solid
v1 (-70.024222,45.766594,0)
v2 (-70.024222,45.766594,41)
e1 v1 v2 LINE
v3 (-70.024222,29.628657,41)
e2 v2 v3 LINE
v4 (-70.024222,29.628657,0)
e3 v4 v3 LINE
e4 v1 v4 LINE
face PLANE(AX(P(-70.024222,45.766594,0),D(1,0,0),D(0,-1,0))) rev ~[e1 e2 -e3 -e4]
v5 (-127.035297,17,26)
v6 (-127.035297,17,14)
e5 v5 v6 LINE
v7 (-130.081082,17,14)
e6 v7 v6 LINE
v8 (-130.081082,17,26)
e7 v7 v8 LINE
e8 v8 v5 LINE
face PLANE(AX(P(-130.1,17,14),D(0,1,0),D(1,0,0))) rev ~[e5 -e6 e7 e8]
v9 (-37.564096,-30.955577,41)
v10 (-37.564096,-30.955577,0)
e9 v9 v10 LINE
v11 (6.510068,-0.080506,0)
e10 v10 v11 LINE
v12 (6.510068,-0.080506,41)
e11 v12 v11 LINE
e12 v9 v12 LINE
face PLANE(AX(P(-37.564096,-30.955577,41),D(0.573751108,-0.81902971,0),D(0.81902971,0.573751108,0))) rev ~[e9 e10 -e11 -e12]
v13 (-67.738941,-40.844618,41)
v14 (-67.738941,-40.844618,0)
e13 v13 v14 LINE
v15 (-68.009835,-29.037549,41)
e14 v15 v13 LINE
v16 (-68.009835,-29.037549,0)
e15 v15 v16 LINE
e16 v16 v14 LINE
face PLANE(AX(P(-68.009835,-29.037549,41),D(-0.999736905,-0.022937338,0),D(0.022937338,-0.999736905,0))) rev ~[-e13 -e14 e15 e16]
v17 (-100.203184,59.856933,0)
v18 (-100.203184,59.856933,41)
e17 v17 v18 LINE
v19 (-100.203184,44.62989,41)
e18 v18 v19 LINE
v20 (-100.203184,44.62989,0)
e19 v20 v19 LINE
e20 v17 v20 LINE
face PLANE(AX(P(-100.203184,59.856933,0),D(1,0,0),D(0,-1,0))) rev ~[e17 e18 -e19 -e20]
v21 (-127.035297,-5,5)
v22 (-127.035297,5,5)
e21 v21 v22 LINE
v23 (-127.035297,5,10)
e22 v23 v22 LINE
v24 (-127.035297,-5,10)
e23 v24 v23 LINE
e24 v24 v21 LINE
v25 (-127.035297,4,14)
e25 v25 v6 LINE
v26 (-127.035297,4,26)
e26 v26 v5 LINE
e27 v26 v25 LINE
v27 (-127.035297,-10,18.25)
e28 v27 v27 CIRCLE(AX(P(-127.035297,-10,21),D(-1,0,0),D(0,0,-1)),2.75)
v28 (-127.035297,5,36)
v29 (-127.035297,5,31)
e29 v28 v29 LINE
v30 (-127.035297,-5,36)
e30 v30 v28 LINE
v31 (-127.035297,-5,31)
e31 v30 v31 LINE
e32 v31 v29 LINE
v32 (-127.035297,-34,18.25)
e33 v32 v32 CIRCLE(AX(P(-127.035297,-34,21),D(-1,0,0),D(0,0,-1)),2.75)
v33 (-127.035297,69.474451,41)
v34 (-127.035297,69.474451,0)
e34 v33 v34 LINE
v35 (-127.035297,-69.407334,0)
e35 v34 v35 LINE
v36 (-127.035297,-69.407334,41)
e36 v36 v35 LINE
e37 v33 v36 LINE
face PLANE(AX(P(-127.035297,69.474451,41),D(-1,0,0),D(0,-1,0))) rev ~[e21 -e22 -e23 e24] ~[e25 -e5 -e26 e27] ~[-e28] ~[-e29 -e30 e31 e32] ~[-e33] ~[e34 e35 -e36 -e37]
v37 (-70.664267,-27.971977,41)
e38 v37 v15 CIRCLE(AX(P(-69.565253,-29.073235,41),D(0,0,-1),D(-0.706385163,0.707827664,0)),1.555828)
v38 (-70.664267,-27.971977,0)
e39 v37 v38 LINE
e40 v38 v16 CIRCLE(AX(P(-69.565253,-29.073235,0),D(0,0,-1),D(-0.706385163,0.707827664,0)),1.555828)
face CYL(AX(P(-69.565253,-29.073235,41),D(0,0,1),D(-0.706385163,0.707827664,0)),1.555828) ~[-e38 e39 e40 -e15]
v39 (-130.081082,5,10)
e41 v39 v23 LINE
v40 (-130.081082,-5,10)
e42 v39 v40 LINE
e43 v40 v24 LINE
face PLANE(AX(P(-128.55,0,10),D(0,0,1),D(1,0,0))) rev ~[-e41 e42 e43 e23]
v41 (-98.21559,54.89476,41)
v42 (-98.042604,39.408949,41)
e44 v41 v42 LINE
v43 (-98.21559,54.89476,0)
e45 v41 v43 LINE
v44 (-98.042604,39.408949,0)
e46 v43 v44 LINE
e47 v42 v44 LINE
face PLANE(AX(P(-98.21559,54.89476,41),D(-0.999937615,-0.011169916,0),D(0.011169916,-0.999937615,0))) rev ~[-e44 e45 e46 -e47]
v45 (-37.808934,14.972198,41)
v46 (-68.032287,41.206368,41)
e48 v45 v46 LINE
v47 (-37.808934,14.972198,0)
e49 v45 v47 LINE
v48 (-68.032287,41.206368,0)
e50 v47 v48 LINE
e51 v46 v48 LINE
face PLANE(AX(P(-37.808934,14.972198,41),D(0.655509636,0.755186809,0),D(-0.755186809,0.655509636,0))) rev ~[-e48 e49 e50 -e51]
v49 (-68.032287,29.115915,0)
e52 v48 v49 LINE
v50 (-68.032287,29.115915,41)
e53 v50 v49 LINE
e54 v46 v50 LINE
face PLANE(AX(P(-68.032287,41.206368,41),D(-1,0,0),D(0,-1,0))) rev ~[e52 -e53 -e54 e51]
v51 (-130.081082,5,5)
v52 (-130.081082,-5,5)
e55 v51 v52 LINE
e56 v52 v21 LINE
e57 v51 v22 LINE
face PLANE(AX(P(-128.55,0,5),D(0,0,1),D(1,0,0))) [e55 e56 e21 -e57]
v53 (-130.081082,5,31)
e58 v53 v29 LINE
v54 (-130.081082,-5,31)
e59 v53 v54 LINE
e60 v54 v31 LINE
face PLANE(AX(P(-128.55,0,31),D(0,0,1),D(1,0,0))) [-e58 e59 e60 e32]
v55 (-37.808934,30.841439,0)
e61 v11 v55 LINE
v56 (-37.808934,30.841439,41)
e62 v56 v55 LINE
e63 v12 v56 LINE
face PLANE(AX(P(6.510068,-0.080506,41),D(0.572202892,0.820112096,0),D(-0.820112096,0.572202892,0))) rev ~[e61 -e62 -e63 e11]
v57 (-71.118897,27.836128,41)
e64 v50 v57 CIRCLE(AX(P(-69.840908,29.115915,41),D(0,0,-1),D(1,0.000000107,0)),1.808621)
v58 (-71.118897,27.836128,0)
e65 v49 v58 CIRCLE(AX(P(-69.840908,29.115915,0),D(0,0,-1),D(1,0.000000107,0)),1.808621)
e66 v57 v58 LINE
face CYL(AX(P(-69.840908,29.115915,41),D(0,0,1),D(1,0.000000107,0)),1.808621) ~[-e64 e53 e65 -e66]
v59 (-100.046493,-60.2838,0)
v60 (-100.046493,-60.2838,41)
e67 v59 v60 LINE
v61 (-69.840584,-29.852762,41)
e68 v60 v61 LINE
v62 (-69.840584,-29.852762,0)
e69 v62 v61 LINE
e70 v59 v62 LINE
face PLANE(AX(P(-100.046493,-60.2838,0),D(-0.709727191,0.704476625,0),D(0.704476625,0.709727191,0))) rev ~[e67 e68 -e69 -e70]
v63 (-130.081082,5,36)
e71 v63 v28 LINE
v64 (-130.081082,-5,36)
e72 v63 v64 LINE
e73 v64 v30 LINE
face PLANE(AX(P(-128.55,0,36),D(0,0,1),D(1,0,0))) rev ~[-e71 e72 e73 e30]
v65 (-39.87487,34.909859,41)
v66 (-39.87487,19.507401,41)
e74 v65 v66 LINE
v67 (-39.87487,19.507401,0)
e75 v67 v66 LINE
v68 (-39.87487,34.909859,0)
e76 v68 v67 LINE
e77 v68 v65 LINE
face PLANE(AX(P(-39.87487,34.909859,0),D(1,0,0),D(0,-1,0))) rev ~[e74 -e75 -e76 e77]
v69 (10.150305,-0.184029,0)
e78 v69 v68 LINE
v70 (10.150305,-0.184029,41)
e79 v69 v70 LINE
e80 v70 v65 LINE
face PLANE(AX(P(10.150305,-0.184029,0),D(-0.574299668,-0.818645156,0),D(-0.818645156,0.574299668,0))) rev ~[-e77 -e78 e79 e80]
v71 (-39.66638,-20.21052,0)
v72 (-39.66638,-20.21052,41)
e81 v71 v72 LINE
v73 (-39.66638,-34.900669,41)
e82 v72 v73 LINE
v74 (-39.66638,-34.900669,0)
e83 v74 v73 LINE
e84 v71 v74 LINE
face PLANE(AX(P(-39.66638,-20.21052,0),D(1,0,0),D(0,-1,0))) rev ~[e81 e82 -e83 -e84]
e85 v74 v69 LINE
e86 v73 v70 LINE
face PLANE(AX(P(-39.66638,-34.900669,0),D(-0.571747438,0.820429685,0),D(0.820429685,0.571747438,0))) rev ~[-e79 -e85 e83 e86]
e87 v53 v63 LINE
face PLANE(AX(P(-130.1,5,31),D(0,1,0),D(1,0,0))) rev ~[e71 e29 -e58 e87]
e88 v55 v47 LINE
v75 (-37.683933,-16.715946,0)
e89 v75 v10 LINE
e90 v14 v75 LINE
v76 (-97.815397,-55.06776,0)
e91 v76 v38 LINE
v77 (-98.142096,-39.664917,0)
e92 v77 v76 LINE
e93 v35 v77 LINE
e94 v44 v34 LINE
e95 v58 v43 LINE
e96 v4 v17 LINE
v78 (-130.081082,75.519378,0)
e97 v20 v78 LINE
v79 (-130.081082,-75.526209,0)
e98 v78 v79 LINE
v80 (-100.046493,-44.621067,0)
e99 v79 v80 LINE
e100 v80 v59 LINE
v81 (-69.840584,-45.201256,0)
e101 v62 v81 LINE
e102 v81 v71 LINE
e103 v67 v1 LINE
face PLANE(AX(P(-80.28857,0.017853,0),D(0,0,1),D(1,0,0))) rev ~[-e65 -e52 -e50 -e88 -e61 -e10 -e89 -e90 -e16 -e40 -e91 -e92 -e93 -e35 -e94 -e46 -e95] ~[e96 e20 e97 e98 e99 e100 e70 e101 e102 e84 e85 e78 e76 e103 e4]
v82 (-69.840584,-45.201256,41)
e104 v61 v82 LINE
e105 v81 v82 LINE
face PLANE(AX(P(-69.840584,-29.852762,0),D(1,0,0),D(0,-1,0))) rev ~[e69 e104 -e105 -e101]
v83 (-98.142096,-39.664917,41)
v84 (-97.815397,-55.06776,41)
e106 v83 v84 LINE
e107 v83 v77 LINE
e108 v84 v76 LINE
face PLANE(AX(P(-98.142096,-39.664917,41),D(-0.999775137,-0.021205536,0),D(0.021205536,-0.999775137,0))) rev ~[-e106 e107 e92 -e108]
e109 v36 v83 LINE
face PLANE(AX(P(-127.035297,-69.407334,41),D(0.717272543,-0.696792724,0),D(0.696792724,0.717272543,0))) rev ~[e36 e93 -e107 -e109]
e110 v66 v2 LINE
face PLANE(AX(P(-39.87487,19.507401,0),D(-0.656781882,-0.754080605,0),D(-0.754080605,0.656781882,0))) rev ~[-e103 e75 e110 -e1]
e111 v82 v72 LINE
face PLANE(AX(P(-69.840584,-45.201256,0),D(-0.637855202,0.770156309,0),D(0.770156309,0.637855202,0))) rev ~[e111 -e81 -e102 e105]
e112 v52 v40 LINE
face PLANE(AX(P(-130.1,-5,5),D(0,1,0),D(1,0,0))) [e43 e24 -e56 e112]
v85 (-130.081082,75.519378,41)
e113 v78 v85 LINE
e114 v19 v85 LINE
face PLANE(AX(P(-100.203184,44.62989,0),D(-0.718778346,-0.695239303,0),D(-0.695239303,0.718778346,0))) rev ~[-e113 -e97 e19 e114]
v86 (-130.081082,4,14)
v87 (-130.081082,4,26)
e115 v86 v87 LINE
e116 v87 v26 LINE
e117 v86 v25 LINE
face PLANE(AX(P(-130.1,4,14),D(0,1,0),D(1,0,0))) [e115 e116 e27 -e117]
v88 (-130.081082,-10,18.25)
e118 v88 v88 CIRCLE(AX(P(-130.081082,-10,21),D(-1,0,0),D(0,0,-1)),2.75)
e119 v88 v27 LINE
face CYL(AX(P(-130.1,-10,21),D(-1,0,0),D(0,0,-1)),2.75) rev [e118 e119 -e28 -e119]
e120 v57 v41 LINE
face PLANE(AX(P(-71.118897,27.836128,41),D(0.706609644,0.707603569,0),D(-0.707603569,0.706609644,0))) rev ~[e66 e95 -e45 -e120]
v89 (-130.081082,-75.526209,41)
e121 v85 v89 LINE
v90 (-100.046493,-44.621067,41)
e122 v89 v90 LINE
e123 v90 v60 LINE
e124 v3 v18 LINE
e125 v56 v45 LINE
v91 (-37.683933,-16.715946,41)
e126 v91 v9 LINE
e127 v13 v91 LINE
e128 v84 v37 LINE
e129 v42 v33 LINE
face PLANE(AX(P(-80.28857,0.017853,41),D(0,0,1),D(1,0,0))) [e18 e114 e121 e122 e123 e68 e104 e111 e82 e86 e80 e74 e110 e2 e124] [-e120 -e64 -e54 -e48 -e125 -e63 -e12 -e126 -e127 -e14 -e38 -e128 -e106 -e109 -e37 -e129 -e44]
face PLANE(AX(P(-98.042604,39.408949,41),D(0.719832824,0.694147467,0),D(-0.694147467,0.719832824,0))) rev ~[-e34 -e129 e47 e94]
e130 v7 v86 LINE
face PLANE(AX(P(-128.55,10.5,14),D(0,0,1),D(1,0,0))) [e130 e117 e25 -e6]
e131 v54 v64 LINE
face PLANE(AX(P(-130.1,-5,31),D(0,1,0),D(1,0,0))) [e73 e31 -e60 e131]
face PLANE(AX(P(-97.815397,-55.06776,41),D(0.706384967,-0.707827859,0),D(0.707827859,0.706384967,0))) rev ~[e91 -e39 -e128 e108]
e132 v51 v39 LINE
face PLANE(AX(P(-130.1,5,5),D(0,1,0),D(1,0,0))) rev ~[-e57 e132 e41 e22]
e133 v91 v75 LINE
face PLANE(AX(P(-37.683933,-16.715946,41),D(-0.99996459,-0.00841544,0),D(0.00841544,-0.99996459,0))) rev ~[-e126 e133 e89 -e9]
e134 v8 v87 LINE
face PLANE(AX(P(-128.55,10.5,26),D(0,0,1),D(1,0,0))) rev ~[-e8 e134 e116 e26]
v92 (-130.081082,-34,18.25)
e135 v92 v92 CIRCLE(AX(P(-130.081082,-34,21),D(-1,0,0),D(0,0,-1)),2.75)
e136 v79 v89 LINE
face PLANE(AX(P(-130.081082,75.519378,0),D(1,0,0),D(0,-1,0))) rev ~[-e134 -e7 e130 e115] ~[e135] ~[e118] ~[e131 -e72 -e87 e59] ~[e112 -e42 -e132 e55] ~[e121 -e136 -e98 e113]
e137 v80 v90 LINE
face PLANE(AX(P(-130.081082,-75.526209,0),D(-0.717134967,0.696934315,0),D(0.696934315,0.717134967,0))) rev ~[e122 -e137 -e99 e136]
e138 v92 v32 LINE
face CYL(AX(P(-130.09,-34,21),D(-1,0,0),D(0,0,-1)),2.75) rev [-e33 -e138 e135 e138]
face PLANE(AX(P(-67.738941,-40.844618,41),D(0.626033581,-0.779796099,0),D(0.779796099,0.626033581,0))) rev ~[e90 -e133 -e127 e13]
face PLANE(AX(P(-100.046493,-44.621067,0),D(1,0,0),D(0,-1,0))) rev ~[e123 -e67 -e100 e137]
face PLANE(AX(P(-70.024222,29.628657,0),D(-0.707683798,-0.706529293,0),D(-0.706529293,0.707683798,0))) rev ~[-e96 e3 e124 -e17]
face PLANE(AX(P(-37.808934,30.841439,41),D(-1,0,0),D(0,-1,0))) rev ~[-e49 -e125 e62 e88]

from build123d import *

# Parameters (mm, degrees)
BOX_W                   = 3.1
BOX_H                   = 13
BOX_DEPTH               = 12
BOX001_W                = 3.1
BOX001_H                = 10
BOX001_DEPTH            = 5
BOX002_W                = 3.1
BOX002_H                = 10
BOX002_DEPTH            = 5
CYLINDER_R              = 2.75
CYLINDER_DEPTH          = 3.1
CYLINDER_PITCH_ANGLE    = 90
CYLINDER001_R           = 2.75
CYLINDER001_DEPTH       = 3.06
CYLINDER001_PITCH_ANGLE = 90
PAD001_DEPTH            = 41
POCKET_DEPTH            = 41


with BuildPart() as usb:
    # Box → Box (new body)
    with BuildSketch(Plane(origin=(-130.1, 4, 14), x_dir=(1, 0, 0), z_dir=(0, 0, 1))):
        with Locations((1.55, 6.5)):
            Rectangle(BOX_W, BOX_H)
    extrude(amount=BOX_DEPTH)


with BuildPart() as fixav:
    # Box001 → Box001 (new body)
    with BuildSketch(Plane(origin=(-130.1, -5, 5), x_dir=(1, 0, 0), z_dir=(0, 0, 1))):
        with Locations((1.55, 5)):
            Rectangle(BOX001_W, BOX001_H)
    extrude(amount=BOX001_DEPTH)


with BuildPart() as fixar:
    # Box002 → Box002 (new body)
    with BuildSketch(Plane(origin=(-130.1, -5, 31), x_dir=(1, 0, 0), z_dir=(0, 0, 1))):
        with Locations((1.55, 5)):
            Rectangle(BOX002_W, BOX002_H)
    extrude(amount=BOX002_DEPTH)


with BuildPart() as passage:
    # Cylinder → Cylinder (new body)
    with BuildSketch(Plane.XY):
        Circle(CYLINDER_R)
    extrude(amount=CYLINDER_DEPTH)


with BuildPart() as passage_1:
    # Cylinder pitch: moved
    add(passage.part.rotate(Axis((0, 0, 0), (0, 1, 0)), CYLINDER_PITCH_ANGLE))


with BuildPart() as passage_2:
    # Cylinder placement: moved
    add(passage_1.part.moved(Location((-130.1, -10, 21))))


with BuildPart() as inter:
    # Cylinder001 → Cylinder001 (new body)
    with BuildSketch(Plane.XY):
        Circle(CYLINDER001_R)
    extrude(amount=CYLINDER001_DEPTH)


with BuildPart() as inter_1:
    # Cylinder001 pitch: moved
    add(inter.part.rotate(Axis((0, 0, 0), (0, 1, 0)), CYLINDER001_PITCH_ANGLE))


with BuildPart() as inter_2:
    # Cylinder001 placement: moved
    add(inter_1.part.moved(Location((-130.09, -34, 21))))


with BuildPart() as cut004:
    # Sketch → Pad001 (new body)
    with BuildSketch(Plane.XY):
        Polygon((-130.081082, 75.519378), (-130.081082, -75.526209), (-100.046493, -44.621067), (-100.046493, -60.2838), (-69.840584, -29.852762), (-69.840584, -45.201256), (-39.66638, -20.21052), (-39.66638, -34.900669), (10.150305, -0.184029), (-39.87487, 34.909859), (-39.87487, 19.507401), (-70.024222, 45.766594), (-70.024222, 29.628657), (-100.203184, 59.856933), (-100.203184, 44.62989), align=None)
    extrude(amount=PAD001_DEPTH)

    # Sketch001 → Pocket (cut)
    with BuildSketch(Plane.XY.offset(41)):
        with BuildLine():
            Line((-71.118897, 27.836128), (-98.21559, 54.89476))
            Line((-98.21559, 54.89476), (-98.042604, 39.408949))
            Line((-98.042604, 39.408949), (-127.035297, 69.474451))
            Line((-127.035297, 69.474451), (-127.035297, -69.407334))
            Line((-127.035297, -69.407334), (-98.142096, -39.664917))
            Line((-98.142096, -39.664917), (-97.815397, -55.06776))
            Line((-97.815397, -55.06776), (-70.664267, -27.971977))
            ThreePointArc((-70.664267, -27.971977), (-68.985652, -27.629399), (-68.009835, -29.037549))
            Line((-68.009835, -29.037549), (-67.738941, -40.844618))
            Line((-67.738941, -40.844618), (-37.683933, -16.715946))
            Line((-37.683933, -16.715946), (-37.564096, -30.955577))
            Line((-37.564096, -30.955577), (6.510068, -0.080506))
            Line((6.510068, -0.080506), (-37.808934, 30.841439))
            Line((-37.808934, 30.841439), (-37.808934, 14.972198))
            Line((-37.808934, 14.972198), (-68.032287, 41.206368))
            Line((-68.032287, 41.206368), (-68.032287, 29.115915))
            ThreePointArc((-68.032287, 29.115915), (-69.148192, 27.44521), (-71.118897, 27.836128))
        make_face()
    extrude(amount=-POCKET_DEPTH, mode=Mode.SUBTRACT)

    # Cut: cut Inter
    add(inter_2.part, mode=Mode.SUBTRACT)

    # Cut001: cut Passage
    add(passage_2.part, mode=Mode.SUBTRACT)

    # Cut002: cut FixAR
    add(fixar.part, mode=Mode.SUBTRACT)

    # Cut003: cut FixAV
    add(fixav.part, mode=Mode.SUBTRACT)

    # Cut004: cut Usb
    add(usb.part, mode=Mode.SUBTRACT)


solid = cut004.part
